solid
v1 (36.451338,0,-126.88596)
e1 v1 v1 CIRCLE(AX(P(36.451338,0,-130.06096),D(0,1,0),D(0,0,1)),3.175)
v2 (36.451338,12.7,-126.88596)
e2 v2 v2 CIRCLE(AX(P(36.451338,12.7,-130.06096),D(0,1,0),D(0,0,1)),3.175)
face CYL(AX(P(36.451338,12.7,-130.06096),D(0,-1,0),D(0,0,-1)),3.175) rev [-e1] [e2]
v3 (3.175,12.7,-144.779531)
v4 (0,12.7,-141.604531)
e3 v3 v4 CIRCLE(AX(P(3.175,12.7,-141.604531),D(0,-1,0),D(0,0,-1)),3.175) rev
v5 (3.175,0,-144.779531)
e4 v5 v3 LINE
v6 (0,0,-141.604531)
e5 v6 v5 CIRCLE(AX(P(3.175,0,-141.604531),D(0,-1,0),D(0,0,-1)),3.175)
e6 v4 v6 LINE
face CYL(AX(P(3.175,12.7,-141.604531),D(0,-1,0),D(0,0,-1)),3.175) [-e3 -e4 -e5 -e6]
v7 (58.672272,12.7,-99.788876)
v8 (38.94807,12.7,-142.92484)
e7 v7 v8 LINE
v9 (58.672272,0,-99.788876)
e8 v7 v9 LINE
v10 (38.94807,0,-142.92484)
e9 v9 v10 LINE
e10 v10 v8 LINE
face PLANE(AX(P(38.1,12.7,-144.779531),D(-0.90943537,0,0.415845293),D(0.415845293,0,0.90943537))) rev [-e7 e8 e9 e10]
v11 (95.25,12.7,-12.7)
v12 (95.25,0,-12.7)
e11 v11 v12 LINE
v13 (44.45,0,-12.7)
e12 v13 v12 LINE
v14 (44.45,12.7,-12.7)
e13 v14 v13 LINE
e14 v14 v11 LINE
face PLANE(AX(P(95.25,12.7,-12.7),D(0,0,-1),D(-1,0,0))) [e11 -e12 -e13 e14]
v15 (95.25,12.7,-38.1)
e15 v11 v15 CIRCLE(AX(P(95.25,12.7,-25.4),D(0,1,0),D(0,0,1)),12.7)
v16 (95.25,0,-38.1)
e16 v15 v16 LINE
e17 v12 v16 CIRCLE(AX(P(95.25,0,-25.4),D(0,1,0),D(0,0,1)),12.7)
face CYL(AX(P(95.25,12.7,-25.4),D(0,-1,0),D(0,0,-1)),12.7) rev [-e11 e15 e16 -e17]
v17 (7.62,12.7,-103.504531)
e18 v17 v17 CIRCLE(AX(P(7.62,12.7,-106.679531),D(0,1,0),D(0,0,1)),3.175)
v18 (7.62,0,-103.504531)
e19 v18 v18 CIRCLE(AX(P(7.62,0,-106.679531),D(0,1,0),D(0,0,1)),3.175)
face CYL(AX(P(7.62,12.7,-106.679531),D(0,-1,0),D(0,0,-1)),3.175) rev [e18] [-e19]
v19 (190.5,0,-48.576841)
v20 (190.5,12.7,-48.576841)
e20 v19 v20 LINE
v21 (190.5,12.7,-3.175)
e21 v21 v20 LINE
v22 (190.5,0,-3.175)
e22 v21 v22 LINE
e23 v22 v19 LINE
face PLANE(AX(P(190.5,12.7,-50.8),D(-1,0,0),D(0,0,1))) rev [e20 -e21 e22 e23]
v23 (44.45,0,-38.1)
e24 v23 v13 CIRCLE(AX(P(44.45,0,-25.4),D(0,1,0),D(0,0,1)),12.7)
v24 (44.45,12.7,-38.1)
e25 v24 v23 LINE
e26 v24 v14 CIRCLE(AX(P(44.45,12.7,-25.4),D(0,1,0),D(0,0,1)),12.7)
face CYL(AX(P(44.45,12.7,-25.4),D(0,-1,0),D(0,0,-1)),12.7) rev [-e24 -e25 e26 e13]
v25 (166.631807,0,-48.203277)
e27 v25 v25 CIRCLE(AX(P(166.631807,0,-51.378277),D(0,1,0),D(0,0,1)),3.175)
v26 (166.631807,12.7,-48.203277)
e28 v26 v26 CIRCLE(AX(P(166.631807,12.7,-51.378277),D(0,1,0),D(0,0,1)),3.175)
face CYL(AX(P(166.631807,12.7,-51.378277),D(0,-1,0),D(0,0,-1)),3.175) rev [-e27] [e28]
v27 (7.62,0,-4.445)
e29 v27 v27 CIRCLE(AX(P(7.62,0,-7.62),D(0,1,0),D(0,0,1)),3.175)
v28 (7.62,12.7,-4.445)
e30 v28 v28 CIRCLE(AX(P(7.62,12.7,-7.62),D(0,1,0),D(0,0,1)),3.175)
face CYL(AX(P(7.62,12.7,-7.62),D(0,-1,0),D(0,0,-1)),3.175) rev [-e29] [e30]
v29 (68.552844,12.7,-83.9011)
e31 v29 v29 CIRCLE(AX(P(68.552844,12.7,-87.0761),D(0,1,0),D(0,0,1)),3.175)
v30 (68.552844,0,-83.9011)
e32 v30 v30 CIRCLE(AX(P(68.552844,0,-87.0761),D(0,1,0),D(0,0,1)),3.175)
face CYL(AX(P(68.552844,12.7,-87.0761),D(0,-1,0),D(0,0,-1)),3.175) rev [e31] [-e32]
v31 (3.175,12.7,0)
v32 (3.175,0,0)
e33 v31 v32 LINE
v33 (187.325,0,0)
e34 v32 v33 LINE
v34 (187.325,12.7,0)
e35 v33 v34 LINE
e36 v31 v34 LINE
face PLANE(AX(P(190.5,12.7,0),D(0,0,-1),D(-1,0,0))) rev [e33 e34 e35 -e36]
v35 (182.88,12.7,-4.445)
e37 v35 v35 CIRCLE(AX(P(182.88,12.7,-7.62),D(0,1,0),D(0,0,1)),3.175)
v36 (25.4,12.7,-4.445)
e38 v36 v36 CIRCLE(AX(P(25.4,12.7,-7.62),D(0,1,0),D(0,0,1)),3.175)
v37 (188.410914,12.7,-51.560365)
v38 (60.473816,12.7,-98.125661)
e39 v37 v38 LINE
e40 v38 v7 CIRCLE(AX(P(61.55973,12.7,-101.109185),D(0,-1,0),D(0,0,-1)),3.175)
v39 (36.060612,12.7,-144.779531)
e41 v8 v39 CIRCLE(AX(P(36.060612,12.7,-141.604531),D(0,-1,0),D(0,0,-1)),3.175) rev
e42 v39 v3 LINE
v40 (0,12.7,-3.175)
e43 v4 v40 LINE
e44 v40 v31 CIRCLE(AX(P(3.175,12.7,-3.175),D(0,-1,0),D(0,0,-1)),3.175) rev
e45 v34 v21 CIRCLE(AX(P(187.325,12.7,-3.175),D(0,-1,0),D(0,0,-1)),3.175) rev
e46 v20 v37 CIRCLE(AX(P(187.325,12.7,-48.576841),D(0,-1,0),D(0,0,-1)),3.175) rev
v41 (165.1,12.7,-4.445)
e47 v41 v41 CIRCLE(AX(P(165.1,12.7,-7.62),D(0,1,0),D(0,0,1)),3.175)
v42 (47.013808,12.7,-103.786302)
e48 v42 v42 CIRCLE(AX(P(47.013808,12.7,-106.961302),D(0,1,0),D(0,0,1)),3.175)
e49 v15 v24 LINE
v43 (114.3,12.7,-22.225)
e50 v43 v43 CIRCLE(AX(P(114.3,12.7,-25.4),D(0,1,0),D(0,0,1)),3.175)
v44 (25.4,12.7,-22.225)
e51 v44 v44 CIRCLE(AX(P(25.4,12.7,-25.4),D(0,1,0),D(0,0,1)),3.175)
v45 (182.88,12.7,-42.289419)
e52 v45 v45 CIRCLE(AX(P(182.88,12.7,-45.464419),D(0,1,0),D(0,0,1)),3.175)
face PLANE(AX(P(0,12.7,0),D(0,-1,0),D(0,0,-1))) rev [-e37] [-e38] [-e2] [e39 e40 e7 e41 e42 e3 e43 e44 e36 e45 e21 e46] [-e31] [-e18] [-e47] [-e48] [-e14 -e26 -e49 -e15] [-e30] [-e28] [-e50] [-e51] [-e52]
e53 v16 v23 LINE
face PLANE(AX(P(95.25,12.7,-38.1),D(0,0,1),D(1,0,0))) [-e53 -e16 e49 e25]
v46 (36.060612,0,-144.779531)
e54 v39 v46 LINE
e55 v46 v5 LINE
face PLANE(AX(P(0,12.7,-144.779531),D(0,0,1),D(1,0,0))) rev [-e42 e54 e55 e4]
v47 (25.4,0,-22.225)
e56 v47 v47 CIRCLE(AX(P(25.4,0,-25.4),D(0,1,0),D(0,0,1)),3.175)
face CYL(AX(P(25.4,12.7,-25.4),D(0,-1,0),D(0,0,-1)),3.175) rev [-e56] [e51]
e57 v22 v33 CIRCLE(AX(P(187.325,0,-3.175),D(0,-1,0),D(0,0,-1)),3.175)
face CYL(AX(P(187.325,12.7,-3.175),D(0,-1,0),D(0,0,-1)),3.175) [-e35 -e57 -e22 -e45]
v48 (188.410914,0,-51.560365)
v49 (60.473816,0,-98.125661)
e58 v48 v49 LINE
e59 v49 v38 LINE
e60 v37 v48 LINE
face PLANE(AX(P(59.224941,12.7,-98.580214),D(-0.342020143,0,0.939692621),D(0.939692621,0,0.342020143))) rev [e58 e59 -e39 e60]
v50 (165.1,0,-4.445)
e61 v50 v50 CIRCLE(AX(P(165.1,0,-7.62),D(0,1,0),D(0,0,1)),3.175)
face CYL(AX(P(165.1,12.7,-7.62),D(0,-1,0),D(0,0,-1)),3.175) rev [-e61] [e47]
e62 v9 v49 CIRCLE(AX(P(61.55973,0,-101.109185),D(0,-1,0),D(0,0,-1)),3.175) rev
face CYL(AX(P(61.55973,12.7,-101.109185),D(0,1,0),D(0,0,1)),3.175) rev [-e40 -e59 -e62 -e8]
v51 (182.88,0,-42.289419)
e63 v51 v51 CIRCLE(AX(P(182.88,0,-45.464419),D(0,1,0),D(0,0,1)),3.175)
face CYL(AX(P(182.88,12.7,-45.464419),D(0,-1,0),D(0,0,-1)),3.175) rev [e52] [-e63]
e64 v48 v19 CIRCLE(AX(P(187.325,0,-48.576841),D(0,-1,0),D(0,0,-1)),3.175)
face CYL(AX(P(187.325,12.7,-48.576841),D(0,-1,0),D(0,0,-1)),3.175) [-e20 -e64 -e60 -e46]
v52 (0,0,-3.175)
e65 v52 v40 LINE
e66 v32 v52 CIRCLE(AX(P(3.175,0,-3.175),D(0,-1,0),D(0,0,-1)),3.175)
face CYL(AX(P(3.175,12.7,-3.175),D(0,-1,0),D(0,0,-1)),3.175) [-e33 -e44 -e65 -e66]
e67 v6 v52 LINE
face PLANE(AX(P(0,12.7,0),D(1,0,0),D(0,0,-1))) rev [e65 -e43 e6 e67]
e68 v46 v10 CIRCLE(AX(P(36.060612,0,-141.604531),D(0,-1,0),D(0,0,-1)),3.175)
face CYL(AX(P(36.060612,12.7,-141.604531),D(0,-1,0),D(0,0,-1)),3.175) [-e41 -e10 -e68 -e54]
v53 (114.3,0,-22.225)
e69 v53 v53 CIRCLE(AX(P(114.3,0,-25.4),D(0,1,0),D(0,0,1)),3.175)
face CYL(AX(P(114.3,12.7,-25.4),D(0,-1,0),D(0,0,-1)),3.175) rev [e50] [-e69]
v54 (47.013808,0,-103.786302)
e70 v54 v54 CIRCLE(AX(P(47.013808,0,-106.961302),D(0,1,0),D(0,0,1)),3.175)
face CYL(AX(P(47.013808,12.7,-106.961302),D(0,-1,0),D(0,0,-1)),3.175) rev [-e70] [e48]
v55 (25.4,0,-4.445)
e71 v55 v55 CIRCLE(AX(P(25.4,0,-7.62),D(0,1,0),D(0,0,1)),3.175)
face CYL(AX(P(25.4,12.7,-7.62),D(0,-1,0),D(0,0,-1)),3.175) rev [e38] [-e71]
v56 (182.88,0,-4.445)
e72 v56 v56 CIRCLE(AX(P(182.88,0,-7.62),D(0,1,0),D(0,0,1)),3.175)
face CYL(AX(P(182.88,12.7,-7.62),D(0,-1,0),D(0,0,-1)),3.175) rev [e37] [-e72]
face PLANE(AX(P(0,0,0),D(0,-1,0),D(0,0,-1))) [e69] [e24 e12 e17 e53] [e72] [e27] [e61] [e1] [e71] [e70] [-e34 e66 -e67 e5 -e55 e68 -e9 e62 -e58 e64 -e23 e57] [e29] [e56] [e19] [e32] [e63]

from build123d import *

# Parameters (mm, degrees)
BASE_R              = 3.175
BOSS_EXTRUDE1_DEPTH = 12.7
ROUTER_FILLET_R     = 3.175


with BuildPart() as part:
    # base → Boss-Extrude1 (new body)
    with BuildSketch(Plane(origin=(0, 0, 0), x_dir=(1, 0, 0), z_dir=(0, 1, 0))):
        Polygon((0, 144.779530825), (38.1, 144.779530825), (59.224940876, 98.580214023), (190.5, 50.8), (190.5, 0), (0, 0), align=None)
        with Locations(Location((166.631807432, 51.378277014, 0), (0, 0, 270))):
            Circle(BASE_R, mode=Mode.SUBTRACT)
        with Locations(Location((36.451337699, 130.060960493, 0), (0, 0, 270))):
            Circle(BASE_R, mode=Mode.SUBTRACT)
        with Locations(Location((182.88, 45.464418559, 0), (0, 0, 270))):
            Circle(BASE_R, mode=Mode.SUBTRACT)
        with Locations(Location((68.552843668, 87.076100432, 0), (0, 0, 270))):
            Circle(BASE_R, mode=Mode.SUBTRACT)
        with Locations(Location((47.013808137, 106.961302092, 0), (0, 0, 270))):
            Circle(BASE_R, mode=Mode.SUBTRACT)
        with Locations(Location((182.88, 7.62, 0), (0, 0, 270))):
            Circle(BASE_R, mode=Mode.SUBTRACT)
        with Locations(Location((7.62, 7.62, 0), (0, 0, 270))):
            Circle(BASE_R, mode=Mode.SUBTRACT)
        with Locations(Location((7.62, 106.679530825, 0), (0, 0, 270))):
            Circle(BASE_R, mode=Mode.SUBTRACT)
        with Locations(Location((25.4, 7.62, 0), (0, 0, 270))):
            Circle(BASE_R, mode=Mode.SUBTRACT)
        with Locations(Location((165.1, 7.62, 0), (0, 0, 270))):
            Circle(BASE_R, mode=Mode.SUBTRACT)
        with Locations(Location((25.4, 25.4, 0), (0, 0, 270))):
            Circle(BASE_R, mode=Mode.SUBTRACT)
        with Locations(Location((114.3, 25.4, 0), (0, 0, 270))):
            Circle(BASE_R, mode=Mode.SUBTRACT)
        with BuildLine():
            Line((95.25, 12.7), (44.45, 12.7))
            ThreePointArc((44.45, 12.7), (31.75, 25.4), (44.45, 38.1))
            Line((44.45, 38.1), (95.25, 38.1))
            ThreePointArc((95.25, 38.1), (107.95, 25.4), (95.25, 12.7))
        make_face(mode=Mode.SUBTRACT)
    extrude(amount=BOSS_EXTRUDE1_DEPTH)

    # router_fillet
    router_fillet_edges = [part.edges().sort_by_distance(p)[0] for p in [
        (0, 6.35, -144.779530825),
        (38.1, 6.35, -144.779530825),
        (59.224940876, 6.35, -98.580214023),
        (190.5, 6.35, -50.8),
        (190.5, 6.35, 0),
        (0, 6.35, 0),
    ]]
    fillet(router_fillet_edges, radius=ROUTER_FILLET_R)


solid = part.part
